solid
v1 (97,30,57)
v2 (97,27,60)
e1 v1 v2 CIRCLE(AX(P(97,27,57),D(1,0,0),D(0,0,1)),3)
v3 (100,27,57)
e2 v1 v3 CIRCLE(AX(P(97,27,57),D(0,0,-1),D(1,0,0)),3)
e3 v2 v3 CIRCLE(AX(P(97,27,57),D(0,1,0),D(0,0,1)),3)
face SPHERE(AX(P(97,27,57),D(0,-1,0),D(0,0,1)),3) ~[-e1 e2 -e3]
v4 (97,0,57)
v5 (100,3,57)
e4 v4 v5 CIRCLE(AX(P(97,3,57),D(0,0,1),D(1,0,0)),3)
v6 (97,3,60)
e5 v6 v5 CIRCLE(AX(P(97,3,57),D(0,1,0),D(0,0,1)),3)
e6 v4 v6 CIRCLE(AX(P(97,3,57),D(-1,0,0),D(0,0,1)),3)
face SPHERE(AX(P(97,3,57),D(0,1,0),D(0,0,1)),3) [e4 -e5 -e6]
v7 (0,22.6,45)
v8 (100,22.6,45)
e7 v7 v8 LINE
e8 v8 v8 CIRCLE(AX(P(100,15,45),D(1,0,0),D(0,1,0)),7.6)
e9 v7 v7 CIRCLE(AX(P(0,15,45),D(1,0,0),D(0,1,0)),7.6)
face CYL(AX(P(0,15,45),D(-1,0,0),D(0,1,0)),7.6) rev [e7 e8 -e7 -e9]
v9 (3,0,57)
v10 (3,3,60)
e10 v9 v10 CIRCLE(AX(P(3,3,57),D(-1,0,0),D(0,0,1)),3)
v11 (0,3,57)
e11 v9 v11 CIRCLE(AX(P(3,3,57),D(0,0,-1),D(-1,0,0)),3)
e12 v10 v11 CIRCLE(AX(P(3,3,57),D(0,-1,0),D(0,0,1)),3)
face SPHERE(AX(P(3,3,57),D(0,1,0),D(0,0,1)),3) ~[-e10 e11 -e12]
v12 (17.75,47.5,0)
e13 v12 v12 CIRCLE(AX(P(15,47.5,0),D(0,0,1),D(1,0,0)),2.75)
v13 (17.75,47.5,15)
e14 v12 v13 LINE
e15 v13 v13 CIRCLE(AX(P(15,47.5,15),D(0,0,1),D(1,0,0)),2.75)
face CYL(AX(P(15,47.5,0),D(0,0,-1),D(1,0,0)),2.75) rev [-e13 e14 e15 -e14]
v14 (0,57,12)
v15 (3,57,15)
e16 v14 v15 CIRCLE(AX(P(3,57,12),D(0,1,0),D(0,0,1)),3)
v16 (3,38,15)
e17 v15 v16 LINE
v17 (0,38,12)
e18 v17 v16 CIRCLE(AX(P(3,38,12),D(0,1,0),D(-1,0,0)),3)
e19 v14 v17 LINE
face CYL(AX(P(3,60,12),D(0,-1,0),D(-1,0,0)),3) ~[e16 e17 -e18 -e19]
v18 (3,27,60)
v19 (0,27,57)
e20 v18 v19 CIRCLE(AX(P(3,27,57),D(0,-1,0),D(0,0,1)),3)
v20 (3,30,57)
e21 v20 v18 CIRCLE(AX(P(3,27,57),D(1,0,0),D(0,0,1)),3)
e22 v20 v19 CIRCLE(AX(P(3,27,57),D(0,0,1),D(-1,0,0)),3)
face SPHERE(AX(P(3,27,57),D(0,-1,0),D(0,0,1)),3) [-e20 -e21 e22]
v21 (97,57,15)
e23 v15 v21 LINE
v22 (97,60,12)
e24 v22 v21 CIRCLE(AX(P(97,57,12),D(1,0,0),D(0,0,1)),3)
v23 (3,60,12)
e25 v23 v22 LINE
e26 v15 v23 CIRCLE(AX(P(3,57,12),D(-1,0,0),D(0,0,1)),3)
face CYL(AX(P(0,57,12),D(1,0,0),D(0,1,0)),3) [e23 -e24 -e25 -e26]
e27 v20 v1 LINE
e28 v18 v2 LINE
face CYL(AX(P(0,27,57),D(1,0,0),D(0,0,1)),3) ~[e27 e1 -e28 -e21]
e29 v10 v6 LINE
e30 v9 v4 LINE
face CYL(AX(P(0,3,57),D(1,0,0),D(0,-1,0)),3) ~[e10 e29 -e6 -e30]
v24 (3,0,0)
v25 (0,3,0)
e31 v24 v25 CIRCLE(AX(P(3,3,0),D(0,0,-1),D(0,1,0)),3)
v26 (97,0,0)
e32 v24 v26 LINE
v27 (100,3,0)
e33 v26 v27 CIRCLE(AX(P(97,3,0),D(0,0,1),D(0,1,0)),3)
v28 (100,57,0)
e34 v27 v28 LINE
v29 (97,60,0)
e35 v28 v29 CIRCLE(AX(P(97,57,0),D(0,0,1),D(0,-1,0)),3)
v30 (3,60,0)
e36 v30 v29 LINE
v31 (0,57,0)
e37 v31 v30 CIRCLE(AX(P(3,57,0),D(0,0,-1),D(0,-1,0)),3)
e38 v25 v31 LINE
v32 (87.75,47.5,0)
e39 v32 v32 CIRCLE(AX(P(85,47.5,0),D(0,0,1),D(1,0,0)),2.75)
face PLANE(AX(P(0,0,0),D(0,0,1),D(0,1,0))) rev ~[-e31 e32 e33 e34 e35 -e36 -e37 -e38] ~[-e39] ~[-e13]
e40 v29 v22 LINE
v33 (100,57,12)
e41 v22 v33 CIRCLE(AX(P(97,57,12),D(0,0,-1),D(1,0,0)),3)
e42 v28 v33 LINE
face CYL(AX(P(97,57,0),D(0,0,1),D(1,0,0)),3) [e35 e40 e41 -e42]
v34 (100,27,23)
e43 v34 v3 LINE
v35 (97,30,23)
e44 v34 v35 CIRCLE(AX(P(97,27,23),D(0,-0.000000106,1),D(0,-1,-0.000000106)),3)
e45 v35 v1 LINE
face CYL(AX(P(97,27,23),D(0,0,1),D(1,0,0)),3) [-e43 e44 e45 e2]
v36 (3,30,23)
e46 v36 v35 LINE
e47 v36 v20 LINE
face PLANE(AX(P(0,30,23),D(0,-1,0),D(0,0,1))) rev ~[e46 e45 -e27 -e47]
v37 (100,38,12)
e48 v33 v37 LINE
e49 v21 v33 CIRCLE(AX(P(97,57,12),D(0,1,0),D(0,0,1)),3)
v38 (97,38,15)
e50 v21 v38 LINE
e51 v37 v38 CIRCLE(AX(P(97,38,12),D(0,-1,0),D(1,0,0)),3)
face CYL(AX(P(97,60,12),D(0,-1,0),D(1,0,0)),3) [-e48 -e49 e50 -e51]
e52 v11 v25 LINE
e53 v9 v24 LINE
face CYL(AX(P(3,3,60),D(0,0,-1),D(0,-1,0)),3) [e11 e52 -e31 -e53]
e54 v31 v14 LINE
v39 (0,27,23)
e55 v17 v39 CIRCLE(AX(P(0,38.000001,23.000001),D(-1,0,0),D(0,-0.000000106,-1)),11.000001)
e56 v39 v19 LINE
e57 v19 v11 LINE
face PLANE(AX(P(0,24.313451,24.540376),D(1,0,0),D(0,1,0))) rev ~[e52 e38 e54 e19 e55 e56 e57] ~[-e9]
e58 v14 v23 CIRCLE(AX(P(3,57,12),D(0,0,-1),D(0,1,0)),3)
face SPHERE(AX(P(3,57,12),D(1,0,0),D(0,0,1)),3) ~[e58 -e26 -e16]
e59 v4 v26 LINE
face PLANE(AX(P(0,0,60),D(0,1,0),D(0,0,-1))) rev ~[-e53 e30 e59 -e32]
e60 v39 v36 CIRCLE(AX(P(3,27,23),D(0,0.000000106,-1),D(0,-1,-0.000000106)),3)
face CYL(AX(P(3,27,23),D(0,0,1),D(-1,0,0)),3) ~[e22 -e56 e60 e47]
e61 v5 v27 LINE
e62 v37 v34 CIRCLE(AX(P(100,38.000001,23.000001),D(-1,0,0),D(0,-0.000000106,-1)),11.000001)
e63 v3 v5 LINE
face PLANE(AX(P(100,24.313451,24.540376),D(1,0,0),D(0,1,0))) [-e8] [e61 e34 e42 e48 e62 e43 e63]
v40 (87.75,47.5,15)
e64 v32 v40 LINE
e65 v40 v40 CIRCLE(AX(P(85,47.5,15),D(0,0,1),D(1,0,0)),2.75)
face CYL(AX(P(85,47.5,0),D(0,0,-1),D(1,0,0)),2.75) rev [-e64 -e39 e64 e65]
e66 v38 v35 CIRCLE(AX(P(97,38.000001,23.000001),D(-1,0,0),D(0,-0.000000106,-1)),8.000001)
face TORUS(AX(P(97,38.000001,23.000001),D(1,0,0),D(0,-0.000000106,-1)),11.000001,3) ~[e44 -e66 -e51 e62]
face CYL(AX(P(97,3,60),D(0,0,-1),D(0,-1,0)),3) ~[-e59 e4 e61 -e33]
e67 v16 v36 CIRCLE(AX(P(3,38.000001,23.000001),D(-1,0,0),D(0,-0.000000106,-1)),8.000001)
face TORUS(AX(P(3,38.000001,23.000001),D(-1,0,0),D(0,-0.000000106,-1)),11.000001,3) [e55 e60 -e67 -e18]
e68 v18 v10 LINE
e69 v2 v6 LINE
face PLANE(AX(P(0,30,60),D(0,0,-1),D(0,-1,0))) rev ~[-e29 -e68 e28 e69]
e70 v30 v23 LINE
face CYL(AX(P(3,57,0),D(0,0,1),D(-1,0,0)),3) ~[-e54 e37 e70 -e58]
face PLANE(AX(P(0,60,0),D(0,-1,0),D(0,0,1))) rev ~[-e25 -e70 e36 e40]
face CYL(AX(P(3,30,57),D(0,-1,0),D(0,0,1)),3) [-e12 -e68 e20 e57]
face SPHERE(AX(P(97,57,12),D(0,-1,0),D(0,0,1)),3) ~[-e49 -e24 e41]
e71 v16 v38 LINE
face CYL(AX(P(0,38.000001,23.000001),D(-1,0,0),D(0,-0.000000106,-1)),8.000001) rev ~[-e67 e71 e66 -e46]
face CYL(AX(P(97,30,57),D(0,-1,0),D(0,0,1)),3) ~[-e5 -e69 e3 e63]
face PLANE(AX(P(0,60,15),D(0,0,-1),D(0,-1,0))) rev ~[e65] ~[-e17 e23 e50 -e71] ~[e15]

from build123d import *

# Parameters (mm, degrees)
F0_R     = 7.6
F1_DEPTH = 100
F2_R     = 2.75
F3_DEPTH = 15
F4_R     = 3


with BuildPart() as f1:
    # F0 (on Right) → F1 (new body)
    with BuildSketch(Plane.YZ):
        with BuildLine():
            Line((0, 60), (0, 0))
            Line((0, 0), (60, 0))
            Line((60, 0), (60, 15))
            Line((60, 15), (38, 15))
            ThreePointArc((38, 15), (32.343146, 17.343146), (30, 23))
            Line((30, 23), (30, 60))
            Line((30, 60), (0, 60))
        make_face()
        with Locations((15, 45)):
            Circle(F0_R, mode=Mode.SUBTRACT)
    extrude(amount=F1_DEPTH)

    # F2 (on Top) → F3 (cut)
    with BuildSketch(Plane.XY):
        with Locations((15, 47.5)):
            Circle(F2_R)
        with Locations((85, 47.5)):
            Circle(F2_R)
    extrude(amount=F3_DEPTH, mode=Mode.SUBTRACT)

    # F4
    f4_edges = [f1.edges().sort_by_distance(p)[0] for p in [
        (100, 15, 60),
        (0, 15, 60),
        (50, 30, 60),
        (50, 0, 60),
        (100, 49, 15),
        (50, 60, 15),
        (0, 49, 15),
        (100, 0, 30),
        (0, 0, 30),
        (0, 60, 7.5),
        (100, 60, 7.5),
    ]]
    fillet(f4_edges, radius=F4_R)


solid = f1.part
